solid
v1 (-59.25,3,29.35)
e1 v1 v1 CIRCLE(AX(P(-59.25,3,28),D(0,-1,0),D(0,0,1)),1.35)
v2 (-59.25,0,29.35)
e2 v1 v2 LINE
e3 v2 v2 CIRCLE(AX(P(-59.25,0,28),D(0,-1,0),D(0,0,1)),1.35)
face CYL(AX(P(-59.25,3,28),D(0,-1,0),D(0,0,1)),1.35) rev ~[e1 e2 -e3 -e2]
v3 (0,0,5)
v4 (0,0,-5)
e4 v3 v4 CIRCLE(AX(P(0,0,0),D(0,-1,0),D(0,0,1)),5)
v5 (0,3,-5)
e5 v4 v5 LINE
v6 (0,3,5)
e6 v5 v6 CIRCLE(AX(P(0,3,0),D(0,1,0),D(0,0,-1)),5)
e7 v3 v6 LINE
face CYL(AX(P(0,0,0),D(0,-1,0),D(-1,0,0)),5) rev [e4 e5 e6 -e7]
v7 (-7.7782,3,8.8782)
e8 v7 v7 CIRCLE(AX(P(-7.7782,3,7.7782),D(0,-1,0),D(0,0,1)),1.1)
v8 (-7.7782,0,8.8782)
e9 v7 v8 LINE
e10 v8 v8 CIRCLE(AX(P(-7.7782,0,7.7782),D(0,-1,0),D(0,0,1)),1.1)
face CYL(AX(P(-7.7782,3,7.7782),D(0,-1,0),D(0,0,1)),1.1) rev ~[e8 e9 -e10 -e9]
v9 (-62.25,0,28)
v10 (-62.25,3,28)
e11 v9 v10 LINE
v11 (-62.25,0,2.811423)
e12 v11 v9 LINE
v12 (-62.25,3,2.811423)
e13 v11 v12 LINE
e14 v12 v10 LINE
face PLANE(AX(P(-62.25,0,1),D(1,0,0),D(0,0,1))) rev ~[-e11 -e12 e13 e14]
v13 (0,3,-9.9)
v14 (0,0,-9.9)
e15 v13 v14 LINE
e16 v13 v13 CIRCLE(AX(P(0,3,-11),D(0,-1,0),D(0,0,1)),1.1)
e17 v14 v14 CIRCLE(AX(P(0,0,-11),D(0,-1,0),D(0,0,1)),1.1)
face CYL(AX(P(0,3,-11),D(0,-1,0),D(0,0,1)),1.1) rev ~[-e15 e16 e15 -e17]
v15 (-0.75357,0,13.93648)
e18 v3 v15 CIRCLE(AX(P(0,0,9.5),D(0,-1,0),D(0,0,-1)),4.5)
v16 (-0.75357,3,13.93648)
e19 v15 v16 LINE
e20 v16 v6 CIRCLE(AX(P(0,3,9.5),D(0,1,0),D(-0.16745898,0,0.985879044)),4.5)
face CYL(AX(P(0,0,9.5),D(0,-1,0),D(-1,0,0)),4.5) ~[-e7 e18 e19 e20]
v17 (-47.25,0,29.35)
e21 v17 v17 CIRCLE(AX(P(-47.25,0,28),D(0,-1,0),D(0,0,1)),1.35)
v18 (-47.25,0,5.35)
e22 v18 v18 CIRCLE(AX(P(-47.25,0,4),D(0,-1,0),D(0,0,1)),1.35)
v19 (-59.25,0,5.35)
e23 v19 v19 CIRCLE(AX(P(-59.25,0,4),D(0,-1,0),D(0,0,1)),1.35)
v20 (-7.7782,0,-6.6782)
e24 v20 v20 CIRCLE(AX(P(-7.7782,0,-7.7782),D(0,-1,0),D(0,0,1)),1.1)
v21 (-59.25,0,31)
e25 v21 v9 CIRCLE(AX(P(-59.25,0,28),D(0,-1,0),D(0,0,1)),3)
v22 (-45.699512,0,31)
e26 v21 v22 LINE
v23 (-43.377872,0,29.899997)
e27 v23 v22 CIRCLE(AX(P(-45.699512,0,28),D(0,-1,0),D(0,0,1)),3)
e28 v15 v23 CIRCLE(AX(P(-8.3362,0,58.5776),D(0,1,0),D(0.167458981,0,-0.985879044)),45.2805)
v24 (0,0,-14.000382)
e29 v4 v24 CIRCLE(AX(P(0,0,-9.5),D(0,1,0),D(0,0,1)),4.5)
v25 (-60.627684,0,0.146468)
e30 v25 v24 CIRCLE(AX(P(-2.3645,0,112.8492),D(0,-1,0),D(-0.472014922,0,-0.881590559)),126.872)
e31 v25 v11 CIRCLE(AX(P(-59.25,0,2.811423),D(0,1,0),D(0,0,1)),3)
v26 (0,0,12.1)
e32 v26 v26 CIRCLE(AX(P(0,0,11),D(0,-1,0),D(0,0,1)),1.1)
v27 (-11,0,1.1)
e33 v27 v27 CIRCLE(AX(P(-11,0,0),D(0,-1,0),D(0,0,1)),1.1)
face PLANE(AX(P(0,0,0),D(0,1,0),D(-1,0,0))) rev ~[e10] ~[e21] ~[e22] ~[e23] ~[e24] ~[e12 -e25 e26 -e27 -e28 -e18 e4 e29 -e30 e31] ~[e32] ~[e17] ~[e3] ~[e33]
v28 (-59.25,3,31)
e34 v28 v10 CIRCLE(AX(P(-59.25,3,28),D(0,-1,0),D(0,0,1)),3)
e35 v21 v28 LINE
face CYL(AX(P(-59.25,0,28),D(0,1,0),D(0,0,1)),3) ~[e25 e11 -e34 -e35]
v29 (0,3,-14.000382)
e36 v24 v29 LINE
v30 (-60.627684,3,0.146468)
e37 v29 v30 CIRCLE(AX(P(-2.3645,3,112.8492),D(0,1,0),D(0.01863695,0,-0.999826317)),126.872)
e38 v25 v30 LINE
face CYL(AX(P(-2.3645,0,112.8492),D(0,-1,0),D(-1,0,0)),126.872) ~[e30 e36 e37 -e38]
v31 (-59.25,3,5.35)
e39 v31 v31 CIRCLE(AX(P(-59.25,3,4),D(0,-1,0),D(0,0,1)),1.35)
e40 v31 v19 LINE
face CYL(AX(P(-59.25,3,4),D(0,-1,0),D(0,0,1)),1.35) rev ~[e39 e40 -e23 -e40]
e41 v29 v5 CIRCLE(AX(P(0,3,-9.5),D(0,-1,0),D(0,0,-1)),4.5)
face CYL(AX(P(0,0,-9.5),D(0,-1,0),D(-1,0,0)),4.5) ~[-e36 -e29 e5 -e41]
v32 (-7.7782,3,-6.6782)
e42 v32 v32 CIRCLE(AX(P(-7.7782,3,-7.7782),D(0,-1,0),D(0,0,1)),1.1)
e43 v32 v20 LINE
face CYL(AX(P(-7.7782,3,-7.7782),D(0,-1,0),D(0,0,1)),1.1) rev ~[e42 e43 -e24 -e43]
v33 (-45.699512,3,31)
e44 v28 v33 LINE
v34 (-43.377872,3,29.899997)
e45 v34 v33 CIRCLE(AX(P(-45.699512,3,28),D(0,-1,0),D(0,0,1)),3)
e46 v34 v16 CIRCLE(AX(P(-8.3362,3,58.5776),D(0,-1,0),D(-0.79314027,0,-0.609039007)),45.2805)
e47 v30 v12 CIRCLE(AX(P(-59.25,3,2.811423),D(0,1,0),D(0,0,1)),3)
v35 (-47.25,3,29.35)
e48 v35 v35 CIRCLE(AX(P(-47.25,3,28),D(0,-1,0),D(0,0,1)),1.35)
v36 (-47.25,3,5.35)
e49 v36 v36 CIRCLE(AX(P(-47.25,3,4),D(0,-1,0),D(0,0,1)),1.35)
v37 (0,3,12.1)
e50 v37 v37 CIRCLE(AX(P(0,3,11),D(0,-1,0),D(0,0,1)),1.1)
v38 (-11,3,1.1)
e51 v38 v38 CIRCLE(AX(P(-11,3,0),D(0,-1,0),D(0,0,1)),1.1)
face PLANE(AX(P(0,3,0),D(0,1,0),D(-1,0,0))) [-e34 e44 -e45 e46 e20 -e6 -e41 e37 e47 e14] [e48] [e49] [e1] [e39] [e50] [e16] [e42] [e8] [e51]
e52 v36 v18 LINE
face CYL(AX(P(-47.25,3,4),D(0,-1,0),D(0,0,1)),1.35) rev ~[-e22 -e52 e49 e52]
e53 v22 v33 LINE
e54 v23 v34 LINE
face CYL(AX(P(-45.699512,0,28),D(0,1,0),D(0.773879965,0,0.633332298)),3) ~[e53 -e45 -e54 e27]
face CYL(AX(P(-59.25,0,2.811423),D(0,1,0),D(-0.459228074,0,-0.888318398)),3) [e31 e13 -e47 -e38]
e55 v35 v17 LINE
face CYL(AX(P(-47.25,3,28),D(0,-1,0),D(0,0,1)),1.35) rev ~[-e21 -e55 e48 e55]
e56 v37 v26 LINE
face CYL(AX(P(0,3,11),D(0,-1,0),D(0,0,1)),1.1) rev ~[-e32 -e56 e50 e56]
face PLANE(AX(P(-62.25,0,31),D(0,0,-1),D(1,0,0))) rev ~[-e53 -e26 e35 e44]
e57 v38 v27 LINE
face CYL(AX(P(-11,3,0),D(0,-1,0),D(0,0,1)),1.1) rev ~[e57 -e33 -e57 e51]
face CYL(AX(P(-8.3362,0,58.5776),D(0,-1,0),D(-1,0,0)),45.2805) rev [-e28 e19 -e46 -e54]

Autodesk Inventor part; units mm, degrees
ref_plane "YZ Plane" through (0, 0, 0) normal (1, 0, 0) x (0, 1, 0)
ref_plane "XZ Plane" through (0, 0, 0) normal (0, 1, 0) x (-1, 0, 0)
ref_plane "XY Plane" through (0, 0, 0) normal (0, 0, 1) x (1, 0, 0)
sketch "スケッチ1" plane through (0, 0, 0) normal (0, 1, 0) x (-1, 0, 0)
  circle A0 centre (0, 0) radius 5
  circle A1 centre (0, 0) radius 11
  line L0 (0, 0) -> (0, -11)
  line L1 (0, 0) -> (0, 11)
  circle A2 centre (0, 9.5) radius 4.5
  circle A3 centre (0, -9.5) radius 4.5
  circle A4 centre (2.3645, 112.8492) radius 126.872
  circle A5 centre (8.3362, 58.5776) radius 45.2805
  circle A6 centre (2.3645, 112.8492) radius 54.5992
  line L2 (62.25, 31) -> (44.25, 31)
  line L3 (44.25, 31) -> (44.25, 1)
  line L4 (44.25, 1) -> (62.25, 1)
  line L5 (62.25, 1) -> (62.25, 31)
  line L6 (0, 0) -> (13.75, 0)
  line L7 (13.75, 0) -> (13.75, -16.75)
  line L8 (13.75, -16.75) -> (0, -16.75)
  line L9 (0, -16.75) -> (0, 0)
  line L10 (70.25, 35.25) -> (36.25, 35.25)
  line L11 (36.25, 35.25) -> (36.25, -11.25)
  line L12 (36.25, -11.25) -> (70.25, -11.25)
  line L13 (70.25, -11.25) -> (70.25, 35.25)
  line L14 (70.25, 0) -> (36.25, 0)
  line L15 (0, 0) -> (36.25, 0)
  point P0 (62.25, 1)
  point P1 (0.7536, 13.9365)
  point P2 (0, 5)
  point P3 (0, -5)
  point P4 (-0.087, -13.9992)
  dimension "d4" = 253.744
  dimension "d5" = 90.561
  dimension "d0" = 10
  dimension "d1" = 22
  dimension "d2" = 9
  dimension "d3" = 9
  dimension "d7" = 18
  dimension "d8" = 30
  dimension "d9" = 13.75
  dimension "d10" = 16.75
  dimension "d11" = 46.5
  dimension "d12" = 4.25
  dimension "d13" = 8
  dimension "d14" = 34
  dimension "d15" = 11.25
  dimension "d16" = 70.25
extrude "押し出し1" add sketch "スケッチ1" along normal blind 3 contours L6 A1 A3 A0 | A0 A2 A1 L6 | A2 A1 L1 | L1 A1 A2 | A3 A1 L0 | L0 A1 A3 | L6 L7 A4 A3 A1 | A1 A2 A5 L11 L15 L6 | A1 A2 | L9 A3 A1 | A1 A3 L9 | L15 L11 A4 L7 | L14 A4 L11 | L11 A5 L3 L4 A4 L14 | L2 L5 L4 L3
fillet "フィレット1" radius 3 3 edges at (-62.25, 1.5, 1) (-62.25, 1.5, 31) (-44.25, 1.5, 31)
sketch "スケッチ4" plane through (0, 3, 0) normal (0, 1, 0) x (1, 0, 0)
  arc A0 (0, 5) -> (0.087, 13.9992) centre (0, 9.5) ccw projected
  arc A1 (-0.7536, -13.9365) -> (0, -5) centre (0, -9.5) ccw projected
  arc A2 (0, 5) -> (0, -5) centre (0, 0) ccw projected
  circle A3 centre (0, 0) radius 11
  point P0 (0, 11)
  point P1 (0, -11)
  point P2 (-7.7782, -7.7782)
  point P3 (-11, 0)
  point P4 (-7.7782, 7.7782)
  point P5 (0, 11)
  dimension "d29" = 22
  dimension "d56" = 180
hole "穴1" at (0, 3, -11) at (0, 3, 11) at (-7.7782, 3, 7.7782) at (-11, 3, 0) at (-7.7782, 3, -7.7782) direction (0, -1, 0) diameter 2.2 end through all
sketch "スケッチ5" plane through (0, 3, 0) normal (0, 1, 0) x (1, 0, 0)
  line L0 (-59.25, -4) -> (-47.25, -4)
  line L1 (-47.25, -4) -> (-47.25, -28)
  line L2 (-47.25, -28) -> (-59.25, -28)
  line L3 (-59.25, -28) -> (-59.25, -4)
  line L4 (-62.25, -2.8114) -> (-62.25, -28) projected
  line L5 (-59.25, -31) -> (-45.6995, -31) projected
  point P0 (0, 0)
  dimension "d37" = 3
  dimension "d38" = 3
  dimension "d39" = 12
  dimension "d40" = 24
hole "穴2" at (-59.25, 3, 28) at (-47.25, 3, 28) at (-47.25, 3, 4) at (-59.25, 3, 4) direction (0, -1, 0) diameter 2.7 end through all
properties part number "connectpart4" material "アルミニウム 6061"
